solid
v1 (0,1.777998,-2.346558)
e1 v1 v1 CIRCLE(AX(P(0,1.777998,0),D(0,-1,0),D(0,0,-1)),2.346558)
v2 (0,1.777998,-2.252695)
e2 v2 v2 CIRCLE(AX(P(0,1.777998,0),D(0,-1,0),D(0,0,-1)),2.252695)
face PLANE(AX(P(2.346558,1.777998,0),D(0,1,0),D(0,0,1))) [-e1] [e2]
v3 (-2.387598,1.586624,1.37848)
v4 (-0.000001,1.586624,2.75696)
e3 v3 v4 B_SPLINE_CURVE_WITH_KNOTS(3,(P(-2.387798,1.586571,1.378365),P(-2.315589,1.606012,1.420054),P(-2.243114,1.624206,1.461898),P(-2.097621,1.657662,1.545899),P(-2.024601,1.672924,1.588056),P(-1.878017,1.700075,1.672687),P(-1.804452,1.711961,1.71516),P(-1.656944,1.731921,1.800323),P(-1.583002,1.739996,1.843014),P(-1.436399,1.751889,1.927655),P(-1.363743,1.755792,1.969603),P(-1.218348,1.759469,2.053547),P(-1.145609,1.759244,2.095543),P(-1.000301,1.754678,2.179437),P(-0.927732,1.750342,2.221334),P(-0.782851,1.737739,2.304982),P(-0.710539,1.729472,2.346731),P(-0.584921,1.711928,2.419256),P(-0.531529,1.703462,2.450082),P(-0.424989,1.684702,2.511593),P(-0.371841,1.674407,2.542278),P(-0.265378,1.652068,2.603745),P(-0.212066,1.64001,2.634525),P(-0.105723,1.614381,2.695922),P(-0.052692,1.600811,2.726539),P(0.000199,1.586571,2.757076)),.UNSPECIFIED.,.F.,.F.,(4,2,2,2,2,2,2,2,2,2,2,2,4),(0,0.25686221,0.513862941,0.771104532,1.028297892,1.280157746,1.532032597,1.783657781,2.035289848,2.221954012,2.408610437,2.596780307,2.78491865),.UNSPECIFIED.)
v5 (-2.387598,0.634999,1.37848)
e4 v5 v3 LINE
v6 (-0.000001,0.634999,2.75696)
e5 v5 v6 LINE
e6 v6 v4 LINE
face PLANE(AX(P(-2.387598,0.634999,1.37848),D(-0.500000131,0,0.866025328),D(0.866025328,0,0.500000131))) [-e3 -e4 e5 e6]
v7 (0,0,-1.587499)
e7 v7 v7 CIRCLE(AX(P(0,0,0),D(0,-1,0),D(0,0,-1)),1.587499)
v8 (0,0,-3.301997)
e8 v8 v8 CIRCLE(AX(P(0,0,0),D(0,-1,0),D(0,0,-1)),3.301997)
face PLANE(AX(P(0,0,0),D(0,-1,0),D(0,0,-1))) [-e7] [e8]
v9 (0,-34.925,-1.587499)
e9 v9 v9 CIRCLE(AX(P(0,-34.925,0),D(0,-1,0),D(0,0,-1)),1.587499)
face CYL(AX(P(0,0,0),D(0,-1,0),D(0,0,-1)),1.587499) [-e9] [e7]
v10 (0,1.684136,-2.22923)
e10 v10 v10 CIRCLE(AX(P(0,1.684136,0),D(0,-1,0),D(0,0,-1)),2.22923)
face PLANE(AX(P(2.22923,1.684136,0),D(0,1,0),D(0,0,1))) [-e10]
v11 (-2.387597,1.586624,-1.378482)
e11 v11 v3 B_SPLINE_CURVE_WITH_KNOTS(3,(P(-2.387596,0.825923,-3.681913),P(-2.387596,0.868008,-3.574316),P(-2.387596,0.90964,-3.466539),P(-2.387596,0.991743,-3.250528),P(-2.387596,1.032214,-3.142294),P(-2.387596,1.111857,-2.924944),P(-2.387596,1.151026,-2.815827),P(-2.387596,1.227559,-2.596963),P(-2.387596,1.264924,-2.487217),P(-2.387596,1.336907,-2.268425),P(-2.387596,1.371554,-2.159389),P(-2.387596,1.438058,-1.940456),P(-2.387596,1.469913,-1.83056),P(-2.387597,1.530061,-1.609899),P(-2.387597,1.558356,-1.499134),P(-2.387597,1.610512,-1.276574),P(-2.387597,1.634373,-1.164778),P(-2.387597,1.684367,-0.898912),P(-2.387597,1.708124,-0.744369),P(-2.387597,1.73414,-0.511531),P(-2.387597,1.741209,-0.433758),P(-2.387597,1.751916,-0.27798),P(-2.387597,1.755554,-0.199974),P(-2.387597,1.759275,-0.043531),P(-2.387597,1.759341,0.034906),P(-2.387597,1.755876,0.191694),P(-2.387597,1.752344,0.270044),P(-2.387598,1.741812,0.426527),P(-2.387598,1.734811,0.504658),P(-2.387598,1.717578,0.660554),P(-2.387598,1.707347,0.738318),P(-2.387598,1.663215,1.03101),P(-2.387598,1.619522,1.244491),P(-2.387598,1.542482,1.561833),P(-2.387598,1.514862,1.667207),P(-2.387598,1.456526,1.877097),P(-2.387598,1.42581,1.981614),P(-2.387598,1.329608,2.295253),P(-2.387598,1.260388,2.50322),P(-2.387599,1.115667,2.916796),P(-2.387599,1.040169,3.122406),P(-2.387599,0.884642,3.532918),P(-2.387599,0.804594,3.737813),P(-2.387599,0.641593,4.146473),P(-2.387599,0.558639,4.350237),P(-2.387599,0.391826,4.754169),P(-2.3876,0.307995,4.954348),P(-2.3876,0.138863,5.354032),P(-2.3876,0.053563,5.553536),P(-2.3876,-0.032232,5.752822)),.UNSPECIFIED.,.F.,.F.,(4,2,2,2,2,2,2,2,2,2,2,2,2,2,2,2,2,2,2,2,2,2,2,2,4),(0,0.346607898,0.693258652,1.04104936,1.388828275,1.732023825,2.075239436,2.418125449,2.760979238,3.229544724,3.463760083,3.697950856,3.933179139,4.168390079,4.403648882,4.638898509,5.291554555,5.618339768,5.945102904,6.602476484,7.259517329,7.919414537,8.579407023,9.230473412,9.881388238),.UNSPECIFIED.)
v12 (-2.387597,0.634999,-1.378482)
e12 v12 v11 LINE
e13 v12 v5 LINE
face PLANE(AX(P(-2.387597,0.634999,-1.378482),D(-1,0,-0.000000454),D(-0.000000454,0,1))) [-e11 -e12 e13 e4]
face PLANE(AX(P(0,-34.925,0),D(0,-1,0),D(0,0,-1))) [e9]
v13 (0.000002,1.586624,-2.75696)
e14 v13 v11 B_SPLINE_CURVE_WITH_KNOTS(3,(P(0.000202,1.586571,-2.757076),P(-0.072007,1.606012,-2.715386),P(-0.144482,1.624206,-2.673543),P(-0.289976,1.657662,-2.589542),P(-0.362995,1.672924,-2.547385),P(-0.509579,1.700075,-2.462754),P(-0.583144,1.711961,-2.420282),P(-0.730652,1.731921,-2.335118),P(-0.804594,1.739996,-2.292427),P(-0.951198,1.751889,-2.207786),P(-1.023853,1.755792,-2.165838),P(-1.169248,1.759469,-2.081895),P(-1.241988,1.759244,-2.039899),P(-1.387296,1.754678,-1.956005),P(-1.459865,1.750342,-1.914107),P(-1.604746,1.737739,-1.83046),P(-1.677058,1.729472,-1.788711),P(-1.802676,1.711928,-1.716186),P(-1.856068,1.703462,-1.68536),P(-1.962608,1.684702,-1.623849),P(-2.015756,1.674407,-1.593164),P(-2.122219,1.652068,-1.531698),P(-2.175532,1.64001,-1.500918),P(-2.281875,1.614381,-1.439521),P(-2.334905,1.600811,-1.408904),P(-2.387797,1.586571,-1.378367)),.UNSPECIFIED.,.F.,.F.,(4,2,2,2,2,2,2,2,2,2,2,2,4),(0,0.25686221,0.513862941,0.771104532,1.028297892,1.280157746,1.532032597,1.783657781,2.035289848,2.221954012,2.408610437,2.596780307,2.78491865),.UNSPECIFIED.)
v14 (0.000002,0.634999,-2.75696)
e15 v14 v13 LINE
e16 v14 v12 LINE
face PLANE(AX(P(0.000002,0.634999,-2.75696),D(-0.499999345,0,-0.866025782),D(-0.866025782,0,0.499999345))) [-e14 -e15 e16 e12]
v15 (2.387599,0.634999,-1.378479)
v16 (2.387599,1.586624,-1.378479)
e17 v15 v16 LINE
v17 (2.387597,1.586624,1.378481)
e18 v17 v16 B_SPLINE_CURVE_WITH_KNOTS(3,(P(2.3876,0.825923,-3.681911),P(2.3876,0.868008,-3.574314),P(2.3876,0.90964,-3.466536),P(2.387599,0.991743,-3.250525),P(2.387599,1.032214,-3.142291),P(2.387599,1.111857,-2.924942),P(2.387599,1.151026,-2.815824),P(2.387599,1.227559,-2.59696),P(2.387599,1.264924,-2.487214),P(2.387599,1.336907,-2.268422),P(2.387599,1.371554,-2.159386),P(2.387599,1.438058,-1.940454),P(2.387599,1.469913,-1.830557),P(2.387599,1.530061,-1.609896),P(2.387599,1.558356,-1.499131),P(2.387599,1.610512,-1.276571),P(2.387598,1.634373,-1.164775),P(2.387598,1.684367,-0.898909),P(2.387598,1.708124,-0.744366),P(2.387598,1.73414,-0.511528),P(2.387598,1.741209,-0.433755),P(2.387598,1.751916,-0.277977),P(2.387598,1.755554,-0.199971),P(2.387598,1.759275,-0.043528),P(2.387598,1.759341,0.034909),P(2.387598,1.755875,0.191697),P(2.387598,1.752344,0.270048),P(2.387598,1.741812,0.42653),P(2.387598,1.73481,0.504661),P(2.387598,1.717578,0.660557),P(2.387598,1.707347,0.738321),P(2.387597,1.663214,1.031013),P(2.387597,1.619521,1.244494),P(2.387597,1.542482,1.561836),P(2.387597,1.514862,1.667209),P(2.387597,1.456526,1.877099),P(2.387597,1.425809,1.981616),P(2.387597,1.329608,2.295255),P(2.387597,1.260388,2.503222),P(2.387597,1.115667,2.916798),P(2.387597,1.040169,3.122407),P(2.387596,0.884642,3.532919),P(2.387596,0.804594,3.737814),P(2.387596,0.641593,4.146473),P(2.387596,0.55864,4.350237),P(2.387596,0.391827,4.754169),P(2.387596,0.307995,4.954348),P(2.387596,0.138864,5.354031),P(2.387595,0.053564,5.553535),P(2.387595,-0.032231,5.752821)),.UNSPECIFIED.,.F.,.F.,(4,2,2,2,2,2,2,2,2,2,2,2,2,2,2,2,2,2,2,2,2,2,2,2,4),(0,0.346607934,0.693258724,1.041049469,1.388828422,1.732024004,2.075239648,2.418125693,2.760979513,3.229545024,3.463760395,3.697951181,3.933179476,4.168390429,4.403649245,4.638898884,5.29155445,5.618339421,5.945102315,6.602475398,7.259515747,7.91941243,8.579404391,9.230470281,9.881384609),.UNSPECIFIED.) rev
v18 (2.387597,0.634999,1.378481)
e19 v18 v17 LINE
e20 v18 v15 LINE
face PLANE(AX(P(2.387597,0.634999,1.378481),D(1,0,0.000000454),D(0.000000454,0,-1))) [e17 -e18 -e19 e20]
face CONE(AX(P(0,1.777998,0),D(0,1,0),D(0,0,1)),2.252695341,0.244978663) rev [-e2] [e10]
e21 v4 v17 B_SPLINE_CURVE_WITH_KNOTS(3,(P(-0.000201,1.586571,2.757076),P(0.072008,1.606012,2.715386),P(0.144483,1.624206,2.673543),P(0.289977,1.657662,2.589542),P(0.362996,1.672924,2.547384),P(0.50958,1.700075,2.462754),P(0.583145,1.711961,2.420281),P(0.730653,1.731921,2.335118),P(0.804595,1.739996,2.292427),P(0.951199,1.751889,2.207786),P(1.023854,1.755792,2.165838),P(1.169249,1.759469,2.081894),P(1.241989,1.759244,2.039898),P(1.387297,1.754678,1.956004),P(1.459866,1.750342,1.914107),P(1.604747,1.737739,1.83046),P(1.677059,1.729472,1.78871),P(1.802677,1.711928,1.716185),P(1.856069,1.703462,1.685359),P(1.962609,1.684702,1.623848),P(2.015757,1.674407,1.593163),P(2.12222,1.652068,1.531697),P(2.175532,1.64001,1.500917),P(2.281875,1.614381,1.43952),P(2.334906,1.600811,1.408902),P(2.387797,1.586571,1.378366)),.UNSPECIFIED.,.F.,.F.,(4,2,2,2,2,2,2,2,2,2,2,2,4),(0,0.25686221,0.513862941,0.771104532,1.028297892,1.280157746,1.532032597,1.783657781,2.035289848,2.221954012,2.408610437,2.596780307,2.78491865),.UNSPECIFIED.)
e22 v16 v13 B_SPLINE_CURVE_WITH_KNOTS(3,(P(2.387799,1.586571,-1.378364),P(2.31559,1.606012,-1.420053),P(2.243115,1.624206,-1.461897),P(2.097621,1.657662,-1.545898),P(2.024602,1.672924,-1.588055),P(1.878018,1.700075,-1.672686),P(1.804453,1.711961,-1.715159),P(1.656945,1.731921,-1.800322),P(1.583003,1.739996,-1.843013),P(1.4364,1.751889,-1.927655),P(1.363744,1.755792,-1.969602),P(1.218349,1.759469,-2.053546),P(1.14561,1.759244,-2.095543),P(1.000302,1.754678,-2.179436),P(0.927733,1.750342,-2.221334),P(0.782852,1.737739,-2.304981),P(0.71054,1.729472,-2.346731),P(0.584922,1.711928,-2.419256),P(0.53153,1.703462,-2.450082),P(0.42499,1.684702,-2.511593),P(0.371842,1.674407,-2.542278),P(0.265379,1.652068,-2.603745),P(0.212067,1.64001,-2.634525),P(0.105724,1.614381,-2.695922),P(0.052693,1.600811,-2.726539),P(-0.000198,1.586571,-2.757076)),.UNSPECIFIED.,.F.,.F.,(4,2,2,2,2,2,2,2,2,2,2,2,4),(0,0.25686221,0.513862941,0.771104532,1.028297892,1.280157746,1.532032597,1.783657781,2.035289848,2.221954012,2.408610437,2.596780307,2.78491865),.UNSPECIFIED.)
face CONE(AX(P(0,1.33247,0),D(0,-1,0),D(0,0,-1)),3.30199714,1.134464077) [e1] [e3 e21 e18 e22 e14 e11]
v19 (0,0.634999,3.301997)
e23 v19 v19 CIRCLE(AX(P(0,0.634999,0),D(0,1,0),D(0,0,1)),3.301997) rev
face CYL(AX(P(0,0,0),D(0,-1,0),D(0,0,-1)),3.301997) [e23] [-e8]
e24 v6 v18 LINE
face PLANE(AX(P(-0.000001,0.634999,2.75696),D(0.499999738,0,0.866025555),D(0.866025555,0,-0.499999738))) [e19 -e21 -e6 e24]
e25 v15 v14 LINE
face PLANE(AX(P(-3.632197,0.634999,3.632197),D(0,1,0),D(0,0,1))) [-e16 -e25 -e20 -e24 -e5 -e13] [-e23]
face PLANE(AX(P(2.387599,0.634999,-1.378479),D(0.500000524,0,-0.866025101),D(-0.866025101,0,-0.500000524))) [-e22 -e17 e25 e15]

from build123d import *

# Parameters (mm, degrees)
SKETCH2_W          = 1.587498625
SKETCH2_H          = 34.925
SKETCH3_W          = 7.264393708
SKETCH3_H          = 7.264393708
CUT_EXTRUDE1_DEPTH = 1.14299901


with BuildPart() as part:
    # Sketch1 → Base-Revolve (revolve)
    with BuildSketch(Plane.XY, mode=Mode.PRIVATE) as base_revolve_sk:
        Polygon((0, 0), (3.30199714, 0), (3.30199714, 1.332469781), (2.346557647, 1.77799846), (2.252695341, 1.77799846), (2.229229765, 1.684136154), (0, 1.684136154), align=None)
    revolve(base_revolve_sk.sketch.rotate(Axis((0, 0, 0), (0, 1, 0)), 90), axis=Axis((0, 0, 0), (0, 1, 0)))

    # Sketch2 → Boss-Revolve1 (revolve)
    with BuildSketch(Plane.XY, mode=Mode.PRIVATE) as boss_revolve1_sk:
        with Locations((0.793749313, -17.4625)):
            Rectangle(SKETCH2_W, SKETCH2_H)
    revolve(boss_revolve1_sk.sketch.rotate(Axis((0, 0, 0), (0, 1, 0)), 90), axis=Axis((0, 0, 0), (0, 1, 0)))

    # Sketch3 → Cut-Extrude1 (cut)
    with BuildSketch(Plane(origin=(0, 1.77799846, 0), x_dir=(-1, 0, 0), z_dir=(0, 1, 0))):
        Rectangle(SKETCH3_W, SKETCH3_H)
        Polygon((2.387597932, 1.378480068), (6.25e-07, 2.756960497), (-2.387597307, 1.378481151), (-2.387598557, -1.378478985), (-1.876e-06, -2.756960497), (2.387596681, -1.378482234), align=None, mode=Mode.SUBTRACT)
    extrude(amount=-CUT_EXTRUDE1_DEPTH, mode=Mode.SUBTRACT)


solid = part.part
